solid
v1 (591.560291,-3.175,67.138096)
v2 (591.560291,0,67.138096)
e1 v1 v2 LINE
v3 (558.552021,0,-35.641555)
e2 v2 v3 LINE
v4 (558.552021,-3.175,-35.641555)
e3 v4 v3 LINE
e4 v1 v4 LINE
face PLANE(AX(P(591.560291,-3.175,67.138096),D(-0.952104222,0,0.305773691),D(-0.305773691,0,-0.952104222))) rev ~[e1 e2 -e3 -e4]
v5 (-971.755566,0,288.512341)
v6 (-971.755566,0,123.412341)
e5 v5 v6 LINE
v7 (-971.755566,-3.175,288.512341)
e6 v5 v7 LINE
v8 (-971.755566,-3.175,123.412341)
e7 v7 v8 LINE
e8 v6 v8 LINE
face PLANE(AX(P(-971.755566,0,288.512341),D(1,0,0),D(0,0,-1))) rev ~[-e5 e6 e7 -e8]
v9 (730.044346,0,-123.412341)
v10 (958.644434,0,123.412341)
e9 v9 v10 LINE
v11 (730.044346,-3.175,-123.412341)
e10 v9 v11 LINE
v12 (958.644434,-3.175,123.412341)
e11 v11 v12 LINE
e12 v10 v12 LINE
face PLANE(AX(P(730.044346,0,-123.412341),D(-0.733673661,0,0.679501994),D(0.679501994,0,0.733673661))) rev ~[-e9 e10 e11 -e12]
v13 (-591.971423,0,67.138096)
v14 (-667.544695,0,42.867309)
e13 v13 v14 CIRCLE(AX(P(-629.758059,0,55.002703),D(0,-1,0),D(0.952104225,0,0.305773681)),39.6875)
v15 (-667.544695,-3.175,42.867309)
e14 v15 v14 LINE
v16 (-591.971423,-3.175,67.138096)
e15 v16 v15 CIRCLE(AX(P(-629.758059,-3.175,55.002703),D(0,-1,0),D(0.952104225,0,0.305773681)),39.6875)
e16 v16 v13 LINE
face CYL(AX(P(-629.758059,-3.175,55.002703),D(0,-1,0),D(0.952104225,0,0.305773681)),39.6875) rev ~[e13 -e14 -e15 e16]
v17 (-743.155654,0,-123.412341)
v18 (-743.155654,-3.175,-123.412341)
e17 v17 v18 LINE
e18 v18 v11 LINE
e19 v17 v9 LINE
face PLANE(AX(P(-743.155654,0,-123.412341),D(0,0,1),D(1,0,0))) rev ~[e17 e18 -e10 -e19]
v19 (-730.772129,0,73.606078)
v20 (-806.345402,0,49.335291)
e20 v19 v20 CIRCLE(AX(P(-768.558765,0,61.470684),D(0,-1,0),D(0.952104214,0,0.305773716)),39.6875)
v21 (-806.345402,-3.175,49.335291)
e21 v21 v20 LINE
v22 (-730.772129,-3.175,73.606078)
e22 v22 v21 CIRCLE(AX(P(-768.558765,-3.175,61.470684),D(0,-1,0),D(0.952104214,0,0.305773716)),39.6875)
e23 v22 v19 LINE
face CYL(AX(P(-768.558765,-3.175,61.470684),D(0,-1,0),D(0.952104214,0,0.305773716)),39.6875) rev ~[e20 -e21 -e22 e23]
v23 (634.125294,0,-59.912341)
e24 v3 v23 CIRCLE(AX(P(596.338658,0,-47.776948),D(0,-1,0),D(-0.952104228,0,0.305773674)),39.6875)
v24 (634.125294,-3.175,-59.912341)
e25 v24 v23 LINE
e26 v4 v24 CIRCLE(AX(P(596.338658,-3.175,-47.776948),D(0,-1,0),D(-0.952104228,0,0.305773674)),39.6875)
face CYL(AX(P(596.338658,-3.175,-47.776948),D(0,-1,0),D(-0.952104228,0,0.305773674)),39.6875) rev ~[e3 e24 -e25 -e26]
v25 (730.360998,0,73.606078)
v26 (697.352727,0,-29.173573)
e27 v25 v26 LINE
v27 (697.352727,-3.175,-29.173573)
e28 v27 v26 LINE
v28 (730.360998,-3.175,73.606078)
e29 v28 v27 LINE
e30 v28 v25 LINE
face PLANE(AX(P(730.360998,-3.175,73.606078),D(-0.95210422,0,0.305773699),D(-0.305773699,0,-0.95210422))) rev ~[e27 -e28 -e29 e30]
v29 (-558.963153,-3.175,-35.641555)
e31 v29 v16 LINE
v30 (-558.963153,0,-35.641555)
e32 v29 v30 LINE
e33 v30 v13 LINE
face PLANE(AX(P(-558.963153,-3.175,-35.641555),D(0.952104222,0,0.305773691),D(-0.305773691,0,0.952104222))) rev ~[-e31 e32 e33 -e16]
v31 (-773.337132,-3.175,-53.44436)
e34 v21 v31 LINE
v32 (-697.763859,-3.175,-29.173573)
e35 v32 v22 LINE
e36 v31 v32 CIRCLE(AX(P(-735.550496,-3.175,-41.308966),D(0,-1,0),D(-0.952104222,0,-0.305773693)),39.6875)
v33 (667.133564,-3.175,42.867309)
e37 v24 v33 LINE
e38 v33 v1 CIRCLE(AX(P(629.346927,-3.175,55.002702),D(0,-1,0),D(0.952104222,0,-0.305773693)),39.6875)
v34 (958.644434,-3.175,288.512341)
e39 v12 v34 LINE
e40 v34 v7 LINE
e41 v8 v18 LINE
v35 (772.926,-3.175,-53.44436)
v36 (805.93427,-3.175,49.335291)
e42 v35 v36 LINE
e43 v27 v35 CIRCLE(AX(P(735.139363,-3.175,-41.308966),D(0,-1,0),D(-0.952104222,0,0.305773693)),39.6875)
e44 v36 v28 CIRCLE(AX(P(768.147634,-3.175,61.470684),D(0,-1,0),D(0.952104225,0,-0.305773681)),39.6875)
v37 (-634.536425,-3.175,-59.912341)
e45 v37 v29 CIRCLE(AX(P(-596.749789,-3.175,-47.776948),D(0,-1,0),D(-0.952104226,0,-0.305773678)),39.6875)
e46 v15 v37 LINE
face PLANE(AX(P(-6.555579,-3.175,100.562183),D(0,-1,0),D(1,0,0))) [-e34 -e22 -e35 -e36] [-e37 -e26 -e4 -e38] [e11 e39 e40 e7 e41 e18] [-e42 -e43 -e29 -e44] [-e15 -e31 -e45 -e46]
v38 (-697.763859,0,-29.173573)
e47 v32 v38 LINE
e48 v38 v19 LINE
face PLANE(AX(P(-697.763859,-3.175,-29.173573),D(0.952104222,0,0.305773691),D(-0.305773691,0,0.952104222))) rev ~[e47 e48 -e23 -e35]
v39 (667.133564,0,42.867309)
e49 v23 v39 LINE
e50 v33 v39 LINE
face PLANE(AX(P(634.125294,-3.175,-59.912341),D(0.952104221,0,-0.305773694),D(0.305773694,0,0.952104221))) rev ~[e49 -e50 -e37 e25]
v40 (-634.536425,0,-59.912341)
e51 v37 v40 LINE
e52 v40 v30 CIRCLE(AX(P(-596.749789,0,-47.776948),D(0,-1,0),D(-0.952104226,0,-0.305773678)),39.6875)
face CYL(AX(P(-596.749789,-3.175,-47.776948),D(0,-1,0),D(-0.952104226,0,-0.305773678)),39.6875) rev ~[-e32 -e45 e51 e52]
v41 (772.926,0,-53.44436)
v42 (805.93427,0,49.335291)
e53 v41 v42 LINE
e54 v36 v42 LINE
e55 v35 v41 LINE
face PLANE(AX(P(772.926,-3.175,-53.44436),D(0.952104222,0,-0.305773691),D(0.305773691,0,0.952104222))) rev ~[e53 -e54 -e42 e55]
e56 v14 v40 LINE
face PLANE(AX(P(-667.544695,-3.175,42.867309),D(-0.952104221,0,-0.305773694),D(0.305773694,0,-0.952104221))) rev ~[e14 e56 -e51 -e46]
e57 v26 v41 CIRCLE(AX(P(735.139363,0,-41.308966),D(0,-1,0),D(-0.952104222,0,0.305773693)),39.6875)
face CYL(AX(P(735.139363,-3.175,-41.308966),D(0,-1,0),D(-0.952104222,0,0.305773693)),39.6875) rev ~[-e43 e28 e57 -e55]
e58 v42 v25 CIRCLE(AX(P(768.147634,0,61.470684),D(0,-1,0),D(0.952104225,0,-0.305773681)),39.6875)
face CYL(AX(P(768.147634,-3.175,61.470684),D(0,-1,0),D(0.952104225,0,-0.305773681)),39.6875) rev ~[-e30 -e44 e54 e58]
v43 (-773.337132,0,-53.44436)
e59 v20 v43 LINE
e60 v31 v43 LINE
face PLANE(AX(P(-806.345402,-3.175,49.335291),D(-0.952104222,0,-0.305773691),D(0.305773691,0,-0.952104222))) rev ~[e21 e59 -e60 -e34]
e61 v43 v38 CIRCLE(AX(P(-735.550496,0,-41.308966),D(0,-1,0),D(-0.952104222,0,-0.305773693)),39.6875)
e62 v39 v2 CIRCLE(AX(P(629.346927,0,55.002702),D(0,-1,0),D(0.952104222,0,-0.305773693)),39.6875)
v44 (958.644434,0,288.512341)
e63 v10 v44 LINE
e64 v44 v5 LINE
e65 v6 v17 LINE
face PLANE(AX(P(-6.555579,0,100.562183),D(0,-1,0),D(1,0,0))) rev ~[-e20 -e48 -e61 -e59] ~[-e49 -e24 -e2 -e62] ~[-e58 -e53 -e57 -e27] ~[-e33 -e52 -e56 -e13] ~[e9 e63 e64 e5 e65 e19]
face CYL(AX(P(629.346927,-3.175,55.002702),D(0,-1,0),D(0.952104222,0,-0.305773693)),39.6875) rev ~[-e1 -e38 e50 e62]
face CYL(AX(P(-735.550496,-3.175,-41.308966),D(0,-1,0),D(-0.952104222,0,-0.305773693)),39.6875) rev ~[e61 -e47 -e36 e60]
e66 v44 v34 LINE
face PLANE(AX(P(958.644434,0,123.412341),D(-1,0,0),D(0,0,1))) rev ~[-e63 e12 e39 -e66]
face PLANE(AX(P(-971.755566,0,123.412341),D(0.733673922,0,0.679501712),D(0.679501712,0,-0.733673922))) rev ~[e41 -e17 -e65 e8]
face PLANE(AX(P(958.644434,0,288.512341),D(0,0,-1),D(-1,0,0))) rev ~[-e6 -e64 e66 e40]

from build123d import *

# Parameters (mm, degrees)
F1_DEPTH = 3.175
F3_DEPTH = 25.4


with BuildPart() as f1:
    # F0 (on Front) → F1 (new body)
    with BuildSketch(Plane.XZ):
        Polygon((-539.955654, -123.412341), (526.844346, -123.412341), (730.044346, -123.412341), (958.644434, 123.412341), (958.644434, 288.512341), (-971.755566, 288.512341), (-971.755566, 123.412341), (-743.155654, -123.412341), align=None)
    extrude(amount=F1_DEPTH)

    # F2 (on face) → F3 (cut)
    with BuildSketch(Plane.XZ.offset(3.175)):
        with BuildLine():
            ThreePointArc((-730.772129, 73.606078), (-780.694159, 99.25732), (-806.345402, 49.335291))
            Line((-806.345402, 49.335291), (-773.337132, -53.44436))
            ThreePointArc((-773.337132, -53.44436), (-723.415102, -79.095603), (-697.763859, -29.173573))
            Line((-697.763859, -29.173573), (-730.772129, 73.606078))
        make_face()
        with BuildLine():
            ThreePointArc((-591.971423, 67.138096), (-641.893453, 92.789339), (-667.544695, 42.867309))
            Line((-667.544695, 42.867309), (-634.536425, -59.912341))
            ThreePointArc((-634.536425, -59.912341), (-584.614395, -85.563584), (-558.963153, -35.641555))
            Line((-558.963153, -35.641555), (-591.971423, 67.138096))
        make_face()
        with BuildLine():
            Line((634.125294, -59.912341), (667.133564, 42.867309))
            ThreePointArc((667.133564, 42.867309), (641.482321, 92.789339), (591.560291, 67.138096))
            Line((591.560291, 67.138096), (558.552021, -35.641555))
            ThreePointArc((558.552021, -35.641555), (584.203264, -85.563584), (634.125294, -59.912341))
        make_face()
        with BuildLine():
            Line((772.926, -53.44436), (805.93427, 49.335291))
            ThreePointArc((805.93427, 49.335291), (780.283027, 99.25732), (730.360998, 73.606078))
            Line((730.360998, 73.606078), (697.352727, -29.173573))
            ThreePointArc((697.352727, -29.173573), (723.00397, -79.095603), (772.926, -53.44436))
        make_face()
    extrude(amount=-F3_DEPTH, mode=Mode.SUBTRACT)


solid = f1.part
